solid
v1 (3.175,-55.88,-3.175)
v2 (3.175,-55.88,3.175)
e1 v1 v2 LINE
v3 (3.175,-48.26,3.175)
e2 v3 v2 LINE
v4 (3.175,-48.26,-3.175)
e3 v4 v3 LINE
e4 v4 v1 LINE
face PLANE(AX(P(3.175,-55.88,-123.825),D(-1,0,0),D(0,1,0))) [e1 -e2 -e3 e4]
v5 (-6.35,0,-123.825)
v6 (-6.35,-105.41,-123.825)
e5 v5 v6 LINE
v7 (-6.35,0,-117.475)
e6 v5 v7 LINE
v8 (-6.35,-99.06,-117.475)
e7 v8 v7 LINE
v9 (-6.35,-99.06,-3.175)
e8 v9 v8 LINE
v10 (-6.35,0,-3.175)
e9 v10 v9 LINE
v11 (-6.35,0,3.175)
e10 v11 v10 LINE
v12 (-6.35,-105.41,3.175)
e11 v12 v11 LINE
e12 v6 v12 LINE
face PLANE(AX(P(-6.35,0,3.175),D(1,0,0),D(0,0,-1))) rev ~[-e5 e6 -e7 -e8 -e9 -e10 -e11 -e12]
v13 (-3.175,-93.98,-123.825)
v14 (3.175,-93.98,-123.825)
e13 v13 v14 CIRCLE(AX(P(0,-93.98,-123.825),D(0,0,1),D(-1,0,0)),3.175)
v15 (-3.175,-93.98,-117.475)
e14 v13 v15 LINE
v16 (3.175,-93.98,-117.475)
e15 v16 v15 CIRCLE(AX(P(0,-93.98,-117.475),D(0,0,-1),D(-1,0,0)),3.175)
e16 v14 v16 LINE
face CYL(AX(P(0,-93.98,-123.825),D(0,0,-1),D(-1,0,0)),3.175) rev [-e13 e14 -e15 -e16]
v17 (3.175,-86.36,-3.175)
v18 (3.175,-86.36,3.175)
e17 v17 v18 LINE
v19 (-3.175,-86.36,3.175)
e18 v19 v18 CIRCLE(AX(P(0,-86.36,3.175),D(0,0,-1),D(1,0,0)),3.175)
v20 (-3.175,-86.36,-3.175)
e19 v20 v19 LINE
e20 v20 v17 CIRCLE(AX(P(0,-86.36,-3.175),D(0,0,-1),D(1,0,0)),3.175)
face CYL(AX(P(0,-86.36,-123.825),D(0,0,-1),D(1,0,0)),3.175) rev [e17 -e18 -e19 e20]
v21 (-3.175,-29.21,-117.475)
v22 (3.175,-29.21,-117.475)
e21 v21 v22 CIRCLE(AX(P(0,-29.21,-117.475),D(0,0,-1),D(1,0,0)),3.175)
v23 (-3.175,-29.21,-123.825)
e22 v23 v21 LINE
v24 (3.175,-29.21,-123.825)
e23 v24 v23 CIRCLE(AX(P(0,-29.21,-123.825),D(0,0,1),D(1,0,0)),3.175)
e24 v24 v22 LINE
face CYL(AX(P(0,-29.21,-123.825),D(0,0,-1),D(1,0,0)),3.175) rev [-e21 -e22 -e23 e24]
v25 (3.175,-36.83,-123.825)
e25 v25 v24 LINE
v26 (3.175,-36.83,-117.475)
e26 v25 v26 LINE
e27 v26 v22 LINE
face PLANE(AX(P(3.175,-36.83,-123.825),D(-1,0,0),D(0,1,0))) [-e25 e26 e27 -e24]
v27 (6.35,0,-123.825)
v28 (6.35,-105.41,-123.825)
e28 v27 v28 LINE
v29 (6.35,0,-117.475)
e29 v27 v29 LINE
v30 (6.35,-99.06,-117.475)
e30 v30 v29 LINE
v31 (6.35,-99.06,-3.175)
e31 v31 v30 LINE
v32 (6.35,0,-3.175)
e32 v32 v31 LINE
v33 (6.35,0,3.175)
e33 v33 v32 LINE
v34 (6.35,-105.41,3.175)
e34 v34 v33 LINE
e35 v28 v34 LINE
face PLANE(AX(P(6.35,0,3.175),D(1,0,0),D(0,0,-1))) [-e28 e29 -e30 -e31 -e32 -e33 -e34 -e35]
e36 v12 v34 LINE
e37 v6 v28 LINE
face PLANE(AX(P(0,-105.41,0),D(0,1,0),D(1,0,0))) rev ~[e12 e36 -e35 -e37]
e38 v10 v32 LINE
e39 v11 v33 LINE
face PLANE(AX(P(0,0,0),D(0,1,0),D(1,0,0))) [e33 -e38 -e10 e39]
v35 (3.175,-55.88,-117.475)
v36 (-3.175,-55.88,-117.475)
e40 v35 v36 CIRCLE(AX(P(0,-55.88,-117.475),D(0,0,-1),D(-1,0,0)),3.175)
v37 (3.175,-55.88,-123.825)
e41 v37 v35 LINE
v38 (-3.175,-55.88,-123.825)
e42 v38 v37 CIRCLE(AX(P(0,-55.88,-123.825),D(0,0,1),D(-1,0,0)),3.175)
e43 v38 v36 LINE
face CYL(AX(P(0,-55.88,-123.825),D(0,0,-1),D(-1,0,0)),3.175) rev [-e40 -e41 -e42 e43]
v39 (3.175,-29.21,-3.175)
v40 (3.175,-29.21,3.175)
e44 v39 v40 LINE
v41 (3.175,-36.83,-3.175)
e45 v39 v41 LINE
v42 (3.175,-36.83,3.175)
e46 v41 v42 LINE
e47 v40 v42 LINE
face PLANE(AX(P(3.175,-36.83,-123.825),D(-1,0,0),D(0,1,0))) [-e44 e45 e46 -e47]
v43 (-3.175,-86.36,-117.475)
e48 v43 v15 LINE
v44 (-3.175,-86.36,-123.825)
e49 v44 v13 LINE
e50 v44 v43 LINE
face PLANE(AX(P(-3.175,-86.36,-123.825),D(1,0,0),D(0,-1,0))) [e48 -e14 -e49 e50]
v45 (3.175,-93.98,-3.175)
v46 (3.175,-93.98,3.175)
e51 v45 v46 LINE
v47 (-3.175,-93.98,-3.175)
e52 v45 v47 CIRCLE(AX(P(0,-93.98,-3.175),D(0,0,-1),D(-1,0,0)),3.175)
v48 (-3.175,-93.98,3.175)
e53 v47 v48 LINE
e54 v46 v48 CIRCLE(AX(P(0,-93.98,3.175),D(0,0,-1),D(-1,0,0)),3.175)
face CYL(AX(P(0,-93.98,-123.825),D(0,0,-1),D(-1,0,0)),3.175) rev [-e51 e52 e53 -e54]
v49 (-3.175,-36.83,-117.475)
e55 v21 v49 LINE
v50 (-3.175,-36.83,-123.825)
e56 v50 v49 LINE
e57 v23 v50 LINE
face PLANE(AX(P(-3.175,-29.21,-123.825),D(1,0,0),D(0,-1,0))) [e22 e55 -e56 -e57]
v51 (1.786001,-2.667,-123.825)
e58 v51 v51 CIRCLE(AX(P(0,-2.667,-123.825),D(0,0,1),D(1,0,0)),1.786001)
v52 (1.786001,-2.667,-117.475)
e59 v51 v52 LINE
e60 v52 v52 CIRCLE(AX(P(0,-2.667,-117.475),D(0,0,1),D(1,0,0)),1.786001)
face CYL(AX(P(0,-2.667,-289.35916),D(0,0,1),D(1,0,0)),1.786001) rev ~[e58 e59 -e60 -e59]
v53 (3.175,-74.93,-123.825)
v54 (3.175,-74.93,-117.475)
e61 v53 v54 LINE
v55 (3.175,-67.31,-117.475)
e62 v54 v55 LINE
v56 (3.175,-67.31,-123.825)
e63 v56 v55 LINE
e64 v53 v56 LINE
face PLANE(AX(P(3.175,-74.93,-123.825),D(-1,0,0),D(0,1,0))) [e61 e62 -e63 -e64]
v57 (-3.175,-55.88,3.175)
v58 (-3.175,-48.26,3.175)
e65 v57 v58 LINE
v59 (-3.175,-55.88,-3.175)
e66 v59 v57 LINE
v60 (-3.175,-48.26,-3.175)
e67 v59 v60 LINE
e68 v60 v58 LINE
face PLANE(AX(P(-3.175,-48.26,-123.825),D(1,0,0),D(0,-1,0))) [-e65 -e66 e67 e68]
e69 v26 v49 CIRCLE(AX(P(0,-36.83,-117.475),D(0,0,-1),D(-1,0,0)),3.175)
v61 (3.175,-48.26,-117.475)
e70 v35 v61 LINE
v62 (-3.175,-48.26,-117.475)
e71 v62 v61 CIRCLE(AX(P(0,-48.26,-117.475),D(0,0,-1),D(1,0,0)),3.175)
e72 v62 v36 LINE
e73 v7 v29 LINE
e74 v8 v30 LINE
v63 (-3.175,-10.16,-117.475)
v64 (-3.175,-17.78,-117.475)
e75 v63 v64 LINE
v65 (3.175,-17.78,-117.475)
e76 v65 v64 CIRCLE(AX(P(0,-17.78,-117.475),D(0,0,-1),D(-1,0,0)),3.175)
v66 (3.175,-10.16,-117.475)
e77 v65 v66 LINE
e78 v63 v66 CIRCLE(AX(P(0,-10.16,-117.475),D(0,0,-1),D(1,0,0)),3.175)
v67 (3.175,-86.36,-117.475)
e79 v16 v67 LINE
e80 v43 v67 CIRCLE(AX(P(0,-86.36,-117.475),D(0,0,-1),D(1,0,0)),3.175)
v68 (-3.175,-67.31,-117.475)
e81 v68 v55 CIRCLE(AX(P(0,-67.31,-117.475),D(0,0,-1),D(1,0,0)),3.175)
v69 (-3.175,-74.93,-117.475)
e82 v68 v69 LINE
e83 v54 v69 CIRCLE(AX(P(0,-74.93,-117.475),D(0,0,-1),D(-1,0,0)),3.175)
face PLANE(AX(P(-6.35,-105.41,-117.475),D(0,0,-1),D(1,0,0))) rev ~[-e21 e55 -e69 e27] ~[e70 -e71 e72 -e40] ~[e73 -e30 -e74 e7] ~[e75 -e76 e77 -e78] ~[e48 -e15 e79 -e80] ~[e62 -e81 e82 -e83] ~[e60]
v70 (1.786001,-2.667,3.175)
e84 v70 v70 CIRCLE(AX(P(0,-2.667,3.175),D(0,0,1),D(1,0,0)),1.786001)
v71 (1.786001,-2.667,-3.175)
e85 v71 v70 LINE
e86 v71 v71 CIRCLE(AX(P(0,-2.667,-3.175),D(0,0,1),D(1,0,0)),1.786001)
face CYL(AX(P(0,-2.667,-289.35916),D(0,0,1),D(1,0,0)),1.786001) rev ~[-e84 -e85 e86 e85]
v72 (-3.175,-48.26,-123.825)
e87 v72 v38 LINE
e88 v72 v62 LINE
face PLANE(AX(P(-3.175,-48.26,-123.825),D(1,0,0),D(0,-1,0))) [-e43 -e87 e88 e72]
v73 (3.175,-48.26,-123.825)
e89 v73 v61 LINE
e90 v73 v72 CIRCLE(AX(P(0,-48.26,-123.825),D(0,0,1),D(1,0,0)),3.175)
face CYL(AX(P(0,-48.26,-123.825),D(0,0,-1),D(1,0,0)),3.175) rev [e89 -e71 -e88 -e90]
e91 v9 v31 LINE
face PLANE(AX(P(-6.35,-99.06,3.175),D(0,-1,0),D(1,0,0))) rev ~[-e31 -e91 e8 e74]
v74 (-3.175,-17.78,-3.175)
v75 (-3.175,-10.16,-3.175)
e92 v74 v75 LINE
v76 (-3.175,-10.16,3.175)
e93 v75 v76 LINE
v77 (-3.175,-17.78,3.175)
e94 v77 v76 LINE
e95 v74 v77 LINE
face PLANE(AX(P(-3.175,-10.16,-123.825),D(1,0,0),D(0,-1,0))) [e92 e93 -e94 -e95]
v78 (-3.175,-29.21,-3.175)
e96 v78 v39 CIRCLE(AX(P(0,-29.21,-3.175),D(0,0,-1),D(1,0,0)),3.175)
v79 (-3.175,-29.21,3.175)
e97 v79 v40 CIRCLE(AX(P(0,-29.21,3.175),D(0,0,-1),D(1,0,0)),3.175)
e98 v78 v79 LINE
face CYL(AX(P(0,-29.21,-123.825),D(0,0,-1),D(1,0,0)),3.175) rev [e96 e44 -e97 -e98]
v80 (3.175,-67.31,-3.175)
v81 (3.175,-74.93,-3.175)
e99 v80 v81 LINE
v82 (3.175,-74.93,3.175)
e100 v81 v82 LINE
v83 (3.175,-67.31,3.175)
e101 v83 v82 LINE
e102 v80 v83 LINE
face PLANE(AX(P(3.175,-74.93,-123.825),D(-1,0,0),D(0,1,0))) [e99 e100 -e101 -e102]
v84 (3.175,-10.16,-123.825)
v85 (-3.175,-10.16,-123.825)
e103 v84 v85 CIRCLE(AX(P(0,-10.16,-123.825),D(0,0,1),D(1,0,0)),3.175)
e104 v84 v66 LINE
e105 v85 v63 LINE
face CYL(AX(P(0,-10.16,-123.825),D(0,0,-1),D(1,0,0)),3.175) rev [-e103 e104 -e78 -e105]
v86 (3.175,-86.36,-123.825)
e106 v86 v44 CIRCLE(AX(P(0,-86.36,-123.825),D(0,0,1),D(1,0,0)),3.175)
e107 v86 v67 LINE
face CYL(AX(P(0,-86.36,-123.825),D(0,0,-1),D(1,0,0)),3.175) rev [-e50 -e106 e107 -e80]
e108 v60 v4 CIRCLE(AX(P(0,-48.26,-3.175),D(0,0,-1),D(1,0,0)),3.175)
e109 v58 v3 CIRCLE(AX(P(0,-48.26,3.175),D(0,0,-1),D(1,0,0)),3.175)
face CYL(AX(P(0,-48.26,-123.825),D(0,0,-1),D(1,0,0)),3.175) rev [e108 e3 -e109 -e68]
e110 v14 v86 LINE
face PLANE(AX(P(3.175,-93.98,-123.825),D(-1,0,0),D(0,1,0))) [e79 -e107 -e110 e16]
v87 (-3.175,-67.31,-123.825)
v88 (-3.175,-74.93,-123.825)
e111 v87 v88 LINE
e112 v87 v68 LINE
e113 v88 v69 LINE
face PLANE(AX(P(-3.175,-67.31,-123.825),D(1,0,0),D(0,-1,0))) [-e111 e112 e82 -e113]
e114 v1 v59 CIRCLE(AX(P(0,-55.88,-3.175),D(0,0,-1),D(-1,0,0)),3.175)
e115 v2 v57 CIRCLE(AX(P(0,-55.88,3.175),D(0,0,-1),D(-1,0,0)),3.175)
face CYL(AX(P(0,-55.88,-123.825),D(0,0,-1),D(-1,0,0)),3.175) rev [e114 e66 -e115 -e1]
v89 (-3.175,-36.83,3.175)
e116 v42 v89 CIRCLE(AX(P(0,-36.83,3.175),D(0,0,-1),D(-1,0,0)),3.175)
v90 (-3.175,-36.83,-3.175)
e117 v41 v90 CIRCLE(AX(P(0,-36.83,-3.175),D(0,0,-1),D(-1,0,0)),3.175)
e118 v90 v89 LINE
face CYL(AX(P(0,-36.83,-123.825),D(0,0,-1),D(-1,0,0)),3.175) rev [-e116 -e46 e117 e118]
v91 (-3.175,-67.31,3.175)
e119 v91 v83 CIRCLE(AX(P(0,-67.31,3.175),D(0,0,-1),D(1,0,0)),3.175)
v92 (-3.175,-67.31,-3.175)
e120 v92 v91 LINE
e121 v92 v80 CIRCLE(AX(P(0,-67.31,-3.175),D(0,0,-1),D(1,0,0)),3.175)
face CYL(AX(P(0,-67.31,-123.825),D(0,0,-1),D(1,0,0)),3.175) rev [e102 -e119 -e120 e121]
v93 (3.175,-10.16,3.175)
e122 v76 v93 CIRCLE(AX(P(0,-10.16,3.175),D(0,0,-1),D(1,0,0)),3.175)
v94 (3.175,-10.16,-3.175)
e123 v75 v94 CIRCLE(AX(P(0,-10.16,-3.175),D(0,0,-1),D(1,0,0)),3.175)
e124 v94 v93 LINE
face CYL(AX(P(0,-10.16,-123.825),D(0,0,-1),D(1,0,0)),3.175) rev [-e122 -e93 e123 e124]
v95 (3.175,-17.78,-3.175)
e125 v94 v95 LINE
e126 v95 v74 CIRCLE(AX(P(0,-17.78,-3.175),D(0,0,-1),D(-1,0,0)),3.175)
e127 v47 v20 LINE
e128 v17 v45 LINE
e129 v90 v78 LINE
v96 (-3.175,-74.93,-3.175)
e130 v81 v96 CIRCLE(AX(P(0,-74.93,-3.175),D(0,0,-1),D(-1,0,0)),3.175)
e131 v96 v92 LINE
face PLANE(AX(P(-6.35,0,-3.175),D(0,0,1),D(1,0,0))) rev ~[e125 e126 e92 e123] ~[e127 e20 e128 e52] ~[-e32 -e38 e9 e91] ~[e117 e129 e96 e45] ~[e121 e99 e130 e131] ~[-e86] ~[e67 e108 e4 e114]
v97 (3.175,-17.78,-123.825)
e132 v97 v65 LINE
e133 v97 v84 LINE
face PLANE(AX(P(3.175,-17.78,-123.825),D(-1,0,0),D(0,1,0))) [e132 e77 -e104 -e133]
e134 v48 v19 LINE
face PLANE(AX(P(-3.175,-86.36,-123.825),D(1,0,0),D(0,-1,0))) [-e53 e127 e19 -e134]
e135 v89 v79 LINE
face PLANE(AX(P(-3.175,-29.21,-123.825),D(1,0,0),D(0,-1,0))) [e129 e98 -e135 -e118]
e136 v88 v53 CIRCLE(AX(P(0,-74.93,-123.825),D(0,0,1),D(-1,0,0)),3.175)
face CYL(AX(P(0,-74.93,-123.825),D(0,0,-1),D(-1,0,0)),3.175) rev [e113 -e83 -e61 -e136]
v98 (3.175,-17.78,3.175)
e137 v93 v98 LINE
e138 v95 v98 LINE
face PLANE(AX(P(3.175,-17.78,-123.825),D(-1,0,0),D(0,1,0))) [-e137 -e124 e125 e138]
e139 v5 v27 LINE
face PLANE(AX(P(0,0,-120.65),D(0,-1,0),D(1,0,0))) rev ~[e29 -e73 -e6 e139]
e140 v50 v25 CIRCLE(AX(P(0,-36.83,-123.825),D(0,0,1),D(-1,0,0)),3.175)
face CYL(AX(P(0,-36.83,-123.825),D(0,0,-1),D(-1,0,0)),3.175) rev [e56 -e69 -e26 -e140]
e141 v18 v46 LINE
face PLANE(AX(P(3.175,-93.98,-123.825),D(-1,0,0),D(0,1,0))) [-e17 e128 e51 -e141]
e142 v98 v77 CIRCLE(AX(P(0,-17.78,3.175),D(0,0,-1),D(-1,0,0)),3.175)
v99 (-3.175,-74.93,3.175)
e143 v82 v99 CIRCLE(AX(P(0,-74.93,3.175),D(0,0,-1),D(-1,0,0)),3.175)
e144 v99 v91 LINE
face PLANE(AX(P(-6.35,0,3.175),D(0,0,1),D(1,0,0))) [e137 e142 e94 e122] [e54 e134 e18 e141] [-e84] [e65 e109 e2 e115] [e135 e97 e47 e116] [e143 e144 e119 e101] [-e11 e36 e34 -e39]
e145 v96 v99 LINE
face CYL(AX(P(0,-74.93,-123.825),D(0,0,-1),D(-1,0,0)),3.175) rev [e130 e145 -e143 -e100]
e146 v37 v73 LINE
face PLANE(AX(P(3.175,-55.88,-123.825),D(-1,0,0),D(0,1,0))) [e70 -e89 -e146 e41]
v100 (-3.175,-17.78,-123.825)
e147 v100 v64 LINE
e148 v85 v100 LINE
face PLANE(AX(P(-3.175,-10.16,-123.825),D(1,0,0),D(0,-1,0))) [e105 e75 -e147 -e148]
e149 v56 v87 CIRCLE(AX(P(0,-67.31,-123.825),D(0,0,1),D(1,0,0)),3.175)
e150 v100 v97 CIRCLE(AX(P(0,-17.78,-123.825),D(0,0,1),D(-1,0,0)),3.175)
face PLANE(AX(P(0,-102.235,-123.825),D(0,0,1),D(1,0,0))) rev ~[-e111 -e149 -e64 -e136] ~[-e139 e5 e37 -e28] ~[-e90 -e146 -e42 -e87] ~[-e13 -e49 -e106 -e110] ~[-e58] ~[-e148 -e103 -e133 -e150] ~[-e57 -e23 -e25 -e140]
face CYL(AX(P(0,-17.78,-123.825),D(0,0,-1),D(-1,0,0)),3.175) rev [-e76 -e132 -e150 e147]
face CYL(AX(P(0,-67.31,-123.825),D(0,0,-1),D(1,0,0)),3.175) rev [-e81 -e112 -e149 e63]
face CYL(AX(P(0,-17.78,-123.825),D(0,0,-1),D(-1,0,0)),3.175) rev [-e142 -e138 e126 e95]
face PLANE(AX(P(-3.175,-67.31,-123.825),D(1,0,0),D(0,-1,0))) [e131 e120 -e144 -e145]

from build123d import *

# Parameters (mm, degrees)
SKETCH1_W                       = 12.7
SKETCH1_H                       = 6.35
BOSS_EXTRUDE1_DEPTH             = 105.41
SKETCH2_W                       = 12.7
SKETCH2_H                       = 6.35
BOSS_EXTRUDE2_DEPTH             = 127
SKETCH3_W                       = 12.7
SKETCH3_H                       = 6.35
BOSS_EXTRUDE3_DEPTH             = 105.41
CUT_EXTRUDE1_DEPTH              = 128
LPATTERN1_COUNT                 = 5
LPATTERN1_PITCH                 = 19.05
F_9_64_0_14063_DIAMETER_HOLE1_D = 3.572002


with BuildPart() as part:
    # Sketch1 → Boss-Extrude1 (new body)
    with BuildSketch(Plane(origin=(0, 0, 0), x_dir=(1, 0, 0), z_dir=(0, 1, 0))):
        Rectangle(SKETCH1_W, SKETCH1_H)
    extrude(amount=-BOSS_EXTRUDE1_DEPTH)

    # Sketch2 → Boss-Extrude2 (add)
    with BuildSketch(Plane.XY.offset(3.175)):
        with Locations((0, -102.235)):
            Rectangle(SKETCH2_W, SKETCH2_H)
    extrude(amount=-BOSS_EXTRUDE2_DEPTH)

    # Sketch3 → Boss-Extrude3 (add)
    with BuildSketch(Plane.XZ.offset(105.41)):
        with Locations((0, -120.65)):
            Rectangle(SKETCH3_W, SKETCH3_H)
    extrude(amount=-BOSS_EXTRUDE3_DEPTH)

    # Sketch4 → Cut-Extrude1 (cut, through all)
    with BuildSketch(Plane(origin=(0, 0, -123.825), x_dir=(-1, 0, 0), z_dir=(0, 0, -1))):
        with BuildLine():
            Line((3.175, -10.16), (3.175, -17.78))
            ThreePointArc((3.175, -17.78), (0, -20.955), (-3.175, -17.78))
            Line((-3.175, -17.78), (-3.175, -10.16))
            ThreePointArc((-3.175, -10.16), (0, -6.985), (3.175, -10.16))
        make_face()
    cut_extrude1 = extrude(amount=-CUT_EXTRUDE1_DEPTH, mode=Mode.SUBTRACT)

    # LPattern1: Cut-Extrude1 ×5
    with Locations(*[(0, -i * LPATTERN1_PITCH, 0) for i in range(1, LPATTERN1_COUNT)]):
        add(cut_extrude1, mode=Mode.SUBTRACT)

    # 9/64 (0.14063) Diameter Hole1 (through all)
    with Locations(Plane(origin=(0, 0, -123.825), x_dir=(-1, 0, 0), z_dir=(0, 0, -1))):
        with Locations((0, -2.667)):
            Hole(F_9_64_0_14063_DIAMETER_HOLE1_D / 2)


solid = part.part
